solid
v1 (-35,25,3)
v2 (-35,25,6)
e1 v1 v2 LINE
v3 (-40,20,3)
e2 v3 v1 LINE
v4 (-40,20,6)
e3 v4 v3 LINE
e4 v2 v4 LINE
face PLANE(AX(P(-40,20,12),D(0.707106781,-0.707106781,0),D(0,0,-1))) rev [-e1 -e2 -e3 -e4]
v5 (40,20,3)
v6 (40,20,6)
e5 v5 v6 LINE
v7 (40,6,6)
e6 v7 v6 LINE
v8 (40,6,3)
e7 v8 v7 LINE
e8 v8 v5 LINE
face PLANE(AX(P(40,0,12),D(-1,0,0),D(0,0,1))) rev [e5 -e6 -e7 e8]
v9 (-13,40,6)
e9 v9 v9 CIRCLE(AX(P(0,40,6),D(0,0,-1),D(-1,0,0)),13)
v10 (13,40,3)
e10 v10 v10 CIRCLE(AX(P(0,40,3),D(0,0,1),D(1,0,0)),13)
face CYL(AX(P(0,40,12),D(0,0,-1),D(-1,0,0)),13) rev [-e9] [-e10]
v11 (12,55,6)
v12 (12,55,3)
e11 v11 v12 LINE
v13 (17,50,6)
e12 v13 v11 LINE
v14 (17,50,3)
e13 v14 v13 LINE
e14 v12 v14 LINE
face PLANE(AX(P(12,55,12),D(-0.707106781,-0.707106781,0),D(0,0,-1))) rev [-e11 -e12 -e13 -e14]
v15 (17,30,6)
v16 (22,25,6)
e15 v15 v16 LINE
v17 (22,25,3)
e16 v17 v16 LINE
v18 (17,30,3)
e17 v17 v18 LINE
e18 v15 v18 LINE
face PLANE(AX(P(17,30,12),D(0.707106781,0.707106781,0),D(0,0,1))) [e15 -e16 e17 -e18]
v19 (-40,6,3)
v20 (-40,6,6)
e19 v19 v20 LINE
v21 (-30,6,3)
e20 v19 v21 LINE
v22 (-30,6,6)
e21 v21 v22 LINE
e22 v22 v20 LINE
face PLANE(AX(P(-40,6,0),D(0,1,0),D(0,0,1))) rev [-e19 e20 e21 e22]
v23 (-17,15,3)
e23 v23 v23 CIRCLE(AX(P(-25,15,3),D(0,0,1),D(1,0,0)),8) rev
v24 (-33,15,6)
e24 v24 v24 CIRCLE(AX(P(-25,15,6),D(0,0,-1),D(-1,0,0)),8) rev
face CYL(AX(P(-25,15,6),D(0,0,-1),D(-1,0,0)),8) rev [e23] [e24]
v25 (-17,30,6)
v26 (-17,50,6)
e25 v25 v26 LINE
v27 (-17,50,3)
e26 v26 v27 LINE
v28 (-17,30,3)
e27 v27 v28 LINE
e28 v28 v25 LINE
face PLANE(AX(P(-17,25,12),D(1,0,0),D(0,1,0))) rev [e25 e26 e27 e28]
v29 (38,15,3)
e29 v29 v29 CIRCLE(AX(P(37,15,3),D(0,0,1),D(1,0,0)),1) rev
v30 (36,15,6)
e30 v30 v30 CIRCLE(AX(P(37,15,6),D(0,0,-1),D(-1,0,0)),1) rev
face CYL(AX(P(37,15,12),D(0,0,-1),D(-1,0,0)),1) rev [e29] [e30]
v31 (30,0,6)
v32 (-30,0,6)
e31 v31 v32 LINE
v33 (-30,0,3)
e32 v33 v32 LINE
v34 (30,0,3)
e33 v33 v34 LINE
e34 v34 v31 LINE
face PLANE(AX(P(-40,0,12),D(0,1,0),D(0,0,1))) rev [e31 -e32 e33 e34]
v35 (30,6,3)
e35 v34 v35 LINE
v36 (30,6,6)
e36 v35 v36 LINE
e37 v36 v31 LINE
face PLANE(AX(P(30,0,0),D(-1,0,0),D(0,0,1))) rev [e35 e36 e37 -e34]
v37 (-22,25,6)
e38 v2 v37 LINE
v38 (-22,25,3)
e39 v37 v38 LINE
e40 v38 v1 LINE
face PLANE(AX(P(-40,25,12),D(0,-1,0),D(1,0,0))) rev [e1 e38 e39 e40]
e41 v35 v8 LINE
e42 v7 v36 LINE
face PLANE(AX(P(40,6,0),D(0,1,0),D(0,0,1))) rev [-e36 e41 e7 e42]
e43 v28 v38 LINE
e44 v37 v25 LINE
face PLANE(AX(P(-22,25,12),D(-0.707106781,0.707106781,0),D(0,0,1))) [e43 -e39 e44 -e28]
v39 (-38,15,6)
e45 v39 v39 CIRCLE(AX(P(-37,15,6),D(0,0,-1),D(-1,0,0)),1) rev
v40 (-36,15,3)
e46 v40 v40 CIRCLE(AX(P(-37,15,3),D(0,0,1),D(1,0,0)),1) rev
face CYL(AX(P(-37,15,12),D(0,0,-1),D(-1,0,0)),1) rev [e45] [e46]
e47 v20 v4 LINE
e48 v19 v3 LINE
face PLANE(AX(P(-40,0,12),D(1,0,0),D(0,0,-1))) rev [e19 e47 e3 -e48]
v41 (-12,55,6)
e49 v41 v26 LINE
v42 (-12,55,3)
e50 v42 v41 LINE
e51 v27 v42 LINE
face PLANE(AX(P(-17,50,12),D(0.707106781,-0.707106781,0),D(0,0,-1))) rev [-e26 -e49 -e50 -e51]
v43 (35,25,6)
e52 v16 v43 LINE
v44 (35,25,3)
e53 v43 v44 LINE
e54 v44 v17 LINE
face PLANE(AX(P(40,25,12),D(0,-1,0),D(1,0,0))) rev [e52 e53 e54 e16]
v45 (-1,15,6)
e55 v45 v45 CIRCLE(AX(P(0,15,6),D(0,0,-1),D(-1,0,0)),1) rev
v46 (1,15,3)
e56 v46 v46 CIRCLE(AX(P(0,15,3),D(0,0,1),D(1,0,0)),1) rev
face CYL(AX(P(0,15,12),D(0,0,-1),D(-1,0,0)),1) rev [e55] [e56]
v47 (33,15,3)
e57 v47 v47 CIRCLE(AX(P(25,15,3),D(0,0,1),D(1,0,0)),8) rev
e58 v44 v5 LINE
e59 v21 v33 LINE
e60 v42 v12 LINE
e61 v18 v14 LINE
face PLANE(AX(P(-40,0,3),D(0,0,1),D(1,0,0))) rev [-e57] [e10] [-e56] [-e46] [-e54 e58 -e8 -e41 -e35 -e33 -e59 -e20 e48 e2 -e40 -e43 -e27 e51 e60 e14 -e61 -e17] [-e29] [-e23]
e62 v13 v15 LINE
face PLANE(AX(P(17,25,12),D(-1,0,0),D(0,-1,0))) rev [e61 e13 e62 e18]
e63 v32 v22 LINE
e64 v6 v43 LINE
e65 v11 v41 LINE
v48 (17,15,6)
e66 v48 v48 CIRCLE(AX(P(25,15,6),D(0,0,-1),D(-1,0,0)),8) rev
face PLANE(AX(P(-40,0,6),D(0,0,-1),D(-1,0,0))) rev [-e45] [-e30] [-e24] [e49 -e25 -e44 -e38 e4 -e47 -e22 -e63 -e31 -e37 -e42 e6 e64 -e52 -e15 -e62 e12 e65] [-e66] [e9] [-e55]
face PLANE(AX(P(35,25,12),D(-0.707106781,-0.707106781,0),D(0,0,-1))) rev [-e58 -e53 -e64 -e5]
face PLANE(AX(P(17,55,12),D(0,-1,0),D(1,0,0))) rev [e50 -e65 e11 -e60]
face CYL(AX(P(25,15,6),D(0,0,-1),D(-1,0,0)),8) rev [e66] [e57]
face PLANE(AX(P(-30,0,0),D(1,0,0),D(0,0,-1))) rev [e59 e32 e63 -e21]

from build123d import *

# Parameters (mm, degrees)
ESQUISSE1_R             = 13
BOSS_EXTRU_1_DEPTH      = 12
BOSS_EXTRU_2_START      = -12
ESQUISSE2_R             = 13
ESQUISSE2_R_2           = 5.5
BOSS_EXTRU_2_DEPTH      = 3
ESQUISSE4_R             = 8
ENL_V_MAT_EXTRU_2_DEPTH = 6
ESQUISSE5_R             = 3
ENL_V_MAT_EXTRU_3_DEPTH = 69.271516755
ENL_V_START             = -12
ESQUISSE6_W             = 10
ESQUISSE6_H             = 6
ENL_V_MAT_EXTRU_4_DEPTH = 12
CHANFREIN1_SIZE         = 5
ESQUISSE7_R             = 1
ENL_V_MAT_EXTRU_5_DEPTH = 12
ESQUISSE8_W             = 80
ESQUISSE8_H             = 3
ESQUISSE8_H_2           = 6
ENL_V_MAT_EXTRU_6_DEPTH = 70.057946682


with BuildPart() as part:
    # Esquisse1 → Boss.-Extru.1 (new body)
    with BuildSketch(Plane.XY):
        Polygon((-40, 0), (40, 0), (40, 25), (17, 25), (17, 55), (-17, 55), (-17, 25), (-40, 25), align=None)
        with Locations((0, 40)):
            Circle(ESQUISSE1_R, mode=Mode.SUBTRACT)
    extrude(amount=BOSS_EXTRU_1_DEPTH)

    # Esquisse2 → Boss.-Extru.2 (add)
    with BuildSketch(Plane.XY.offset(12).offset(BOSS_EXTRU_2_START)):
        with Locations((0, 40)):
            Circle(ESQUISSE2_R)
        with Locations((0, 40)):
            Circle(ESQUISSE2_R_2, mode=Mode.SUBTRACT)
    extrude(amount=BOSS_EXTRU_2_DEPTH)

    # Esquisse4 → Enlèv. mat.-Extru.2 (cut)
    with BuildSketch(Plane(origin=(0, 0, 0), x_dir=(-1, 0, 0), z_dir=(0, 0, -1))):
        with Locations((-25, 15)):
            Circle(ESQUISSE4_R)
        with Locations(Location((25, 15, 0), (0, 0, 180))):
            Circle(ESQUISSE4_R)
    extrude(amount=-ENL_V_MAT_EXTRU_2_DEPTH, mode=Mode.SUBTRACT)

    # Esquisse5 → Enlèv. mat.-Extru.3 (cut, through all)
    with BuildSketch(Plane(origin=(0, 0, 6), x_dir=(-1, 0, 0), z_dir=(0, 0, -1))):
        with Locations((-25, 15)):
            Circle(ESQUISSE5_R)
        with Locations(Location((25, 15, 0), (0, 0, 180))):
            Circle(ESQUISSE5_R)
    extrude(amount=-ENL_V_MAT_EXTRU_3_DEPTH, mode=Mode.SUBTRACT)

    # Esquisse6 → Enlèv. mat.-Extru.4 (cut)
    with BuildSketch(Plane.XY.offset(12).offset(ENL_V_START)):
        with Locations((35, 3)):
            Rectangle(ESQUISSE6_W, ESQUISSE6_H)
        with Locations((-35, 3)):
            Rectangle(ESQUISSE6_W, ESQUISSE6_H)
    extrude(amount=ENL_V_MAT_EXTRU_4_DEPTH, mode=Mode.SUBTRACT)

    # Chanfrein1
    chanfrein1_edges = [part.edges().sort_by_distance(p)[0] for p in [
        (-17, 55, 6),
        (17, 55, 6),
        (17, 25, 6),
        (40, 25, 6),
        (-40, 25, 6),
        (-17, 25, 6),
    ]]
    chamfer(chanfrein1_edges, length=CHANFREIN1_SIZE)

    # Esquisse7 → Enlèv. mat.-Extru.5 (cut)
    with BuildSketch(Plane(origin=(0, 0, 0), x_dir=(-1, 0, 0), z_dir=(0, 0, -1))):
        with Locations((-10, 45)):
            Circle(ESQUISSE7_R)
        with Locations(Location((10, 45, 0), (0, 0, 180))):
            Circle(ESQUISSE7_R)
        with Locations((-37, 15)):
            Circle(ESQUISSE7_R)
        with Locations(Location((37, 15, 0), (0, 0, 180))):
            Circle(ESQUISSE7_R)
        with Locations((0, 15)):
            Circle(ESQUISSE7_R)
    extrude(amount=-ENL_V_MAT_EXTRU_5_DEPTH, mode=Mode.SUBTRACT)

    # Esquisse8 → Enlèv. mat.-Extru.6 (cut, through all)
    with BuildSketch(Plane(origin=(0, 55, 0), x_dir=(1, 0, 0), z_dir=(0, 1, 0))):
        with Locations((0, -1.5)):
            Rectangle(ESQUISSE8_W, ESQUISSE8_H)
        with Locations((0, -9)):
            Rectangle(ESQUISSE8_W, ESQUISSE8_H_2)
    extrude(amount=-ENL_V_MAT_EXTRU_6_DEPTH, mode=Mode.SUBTRACT)


solid = part.part
